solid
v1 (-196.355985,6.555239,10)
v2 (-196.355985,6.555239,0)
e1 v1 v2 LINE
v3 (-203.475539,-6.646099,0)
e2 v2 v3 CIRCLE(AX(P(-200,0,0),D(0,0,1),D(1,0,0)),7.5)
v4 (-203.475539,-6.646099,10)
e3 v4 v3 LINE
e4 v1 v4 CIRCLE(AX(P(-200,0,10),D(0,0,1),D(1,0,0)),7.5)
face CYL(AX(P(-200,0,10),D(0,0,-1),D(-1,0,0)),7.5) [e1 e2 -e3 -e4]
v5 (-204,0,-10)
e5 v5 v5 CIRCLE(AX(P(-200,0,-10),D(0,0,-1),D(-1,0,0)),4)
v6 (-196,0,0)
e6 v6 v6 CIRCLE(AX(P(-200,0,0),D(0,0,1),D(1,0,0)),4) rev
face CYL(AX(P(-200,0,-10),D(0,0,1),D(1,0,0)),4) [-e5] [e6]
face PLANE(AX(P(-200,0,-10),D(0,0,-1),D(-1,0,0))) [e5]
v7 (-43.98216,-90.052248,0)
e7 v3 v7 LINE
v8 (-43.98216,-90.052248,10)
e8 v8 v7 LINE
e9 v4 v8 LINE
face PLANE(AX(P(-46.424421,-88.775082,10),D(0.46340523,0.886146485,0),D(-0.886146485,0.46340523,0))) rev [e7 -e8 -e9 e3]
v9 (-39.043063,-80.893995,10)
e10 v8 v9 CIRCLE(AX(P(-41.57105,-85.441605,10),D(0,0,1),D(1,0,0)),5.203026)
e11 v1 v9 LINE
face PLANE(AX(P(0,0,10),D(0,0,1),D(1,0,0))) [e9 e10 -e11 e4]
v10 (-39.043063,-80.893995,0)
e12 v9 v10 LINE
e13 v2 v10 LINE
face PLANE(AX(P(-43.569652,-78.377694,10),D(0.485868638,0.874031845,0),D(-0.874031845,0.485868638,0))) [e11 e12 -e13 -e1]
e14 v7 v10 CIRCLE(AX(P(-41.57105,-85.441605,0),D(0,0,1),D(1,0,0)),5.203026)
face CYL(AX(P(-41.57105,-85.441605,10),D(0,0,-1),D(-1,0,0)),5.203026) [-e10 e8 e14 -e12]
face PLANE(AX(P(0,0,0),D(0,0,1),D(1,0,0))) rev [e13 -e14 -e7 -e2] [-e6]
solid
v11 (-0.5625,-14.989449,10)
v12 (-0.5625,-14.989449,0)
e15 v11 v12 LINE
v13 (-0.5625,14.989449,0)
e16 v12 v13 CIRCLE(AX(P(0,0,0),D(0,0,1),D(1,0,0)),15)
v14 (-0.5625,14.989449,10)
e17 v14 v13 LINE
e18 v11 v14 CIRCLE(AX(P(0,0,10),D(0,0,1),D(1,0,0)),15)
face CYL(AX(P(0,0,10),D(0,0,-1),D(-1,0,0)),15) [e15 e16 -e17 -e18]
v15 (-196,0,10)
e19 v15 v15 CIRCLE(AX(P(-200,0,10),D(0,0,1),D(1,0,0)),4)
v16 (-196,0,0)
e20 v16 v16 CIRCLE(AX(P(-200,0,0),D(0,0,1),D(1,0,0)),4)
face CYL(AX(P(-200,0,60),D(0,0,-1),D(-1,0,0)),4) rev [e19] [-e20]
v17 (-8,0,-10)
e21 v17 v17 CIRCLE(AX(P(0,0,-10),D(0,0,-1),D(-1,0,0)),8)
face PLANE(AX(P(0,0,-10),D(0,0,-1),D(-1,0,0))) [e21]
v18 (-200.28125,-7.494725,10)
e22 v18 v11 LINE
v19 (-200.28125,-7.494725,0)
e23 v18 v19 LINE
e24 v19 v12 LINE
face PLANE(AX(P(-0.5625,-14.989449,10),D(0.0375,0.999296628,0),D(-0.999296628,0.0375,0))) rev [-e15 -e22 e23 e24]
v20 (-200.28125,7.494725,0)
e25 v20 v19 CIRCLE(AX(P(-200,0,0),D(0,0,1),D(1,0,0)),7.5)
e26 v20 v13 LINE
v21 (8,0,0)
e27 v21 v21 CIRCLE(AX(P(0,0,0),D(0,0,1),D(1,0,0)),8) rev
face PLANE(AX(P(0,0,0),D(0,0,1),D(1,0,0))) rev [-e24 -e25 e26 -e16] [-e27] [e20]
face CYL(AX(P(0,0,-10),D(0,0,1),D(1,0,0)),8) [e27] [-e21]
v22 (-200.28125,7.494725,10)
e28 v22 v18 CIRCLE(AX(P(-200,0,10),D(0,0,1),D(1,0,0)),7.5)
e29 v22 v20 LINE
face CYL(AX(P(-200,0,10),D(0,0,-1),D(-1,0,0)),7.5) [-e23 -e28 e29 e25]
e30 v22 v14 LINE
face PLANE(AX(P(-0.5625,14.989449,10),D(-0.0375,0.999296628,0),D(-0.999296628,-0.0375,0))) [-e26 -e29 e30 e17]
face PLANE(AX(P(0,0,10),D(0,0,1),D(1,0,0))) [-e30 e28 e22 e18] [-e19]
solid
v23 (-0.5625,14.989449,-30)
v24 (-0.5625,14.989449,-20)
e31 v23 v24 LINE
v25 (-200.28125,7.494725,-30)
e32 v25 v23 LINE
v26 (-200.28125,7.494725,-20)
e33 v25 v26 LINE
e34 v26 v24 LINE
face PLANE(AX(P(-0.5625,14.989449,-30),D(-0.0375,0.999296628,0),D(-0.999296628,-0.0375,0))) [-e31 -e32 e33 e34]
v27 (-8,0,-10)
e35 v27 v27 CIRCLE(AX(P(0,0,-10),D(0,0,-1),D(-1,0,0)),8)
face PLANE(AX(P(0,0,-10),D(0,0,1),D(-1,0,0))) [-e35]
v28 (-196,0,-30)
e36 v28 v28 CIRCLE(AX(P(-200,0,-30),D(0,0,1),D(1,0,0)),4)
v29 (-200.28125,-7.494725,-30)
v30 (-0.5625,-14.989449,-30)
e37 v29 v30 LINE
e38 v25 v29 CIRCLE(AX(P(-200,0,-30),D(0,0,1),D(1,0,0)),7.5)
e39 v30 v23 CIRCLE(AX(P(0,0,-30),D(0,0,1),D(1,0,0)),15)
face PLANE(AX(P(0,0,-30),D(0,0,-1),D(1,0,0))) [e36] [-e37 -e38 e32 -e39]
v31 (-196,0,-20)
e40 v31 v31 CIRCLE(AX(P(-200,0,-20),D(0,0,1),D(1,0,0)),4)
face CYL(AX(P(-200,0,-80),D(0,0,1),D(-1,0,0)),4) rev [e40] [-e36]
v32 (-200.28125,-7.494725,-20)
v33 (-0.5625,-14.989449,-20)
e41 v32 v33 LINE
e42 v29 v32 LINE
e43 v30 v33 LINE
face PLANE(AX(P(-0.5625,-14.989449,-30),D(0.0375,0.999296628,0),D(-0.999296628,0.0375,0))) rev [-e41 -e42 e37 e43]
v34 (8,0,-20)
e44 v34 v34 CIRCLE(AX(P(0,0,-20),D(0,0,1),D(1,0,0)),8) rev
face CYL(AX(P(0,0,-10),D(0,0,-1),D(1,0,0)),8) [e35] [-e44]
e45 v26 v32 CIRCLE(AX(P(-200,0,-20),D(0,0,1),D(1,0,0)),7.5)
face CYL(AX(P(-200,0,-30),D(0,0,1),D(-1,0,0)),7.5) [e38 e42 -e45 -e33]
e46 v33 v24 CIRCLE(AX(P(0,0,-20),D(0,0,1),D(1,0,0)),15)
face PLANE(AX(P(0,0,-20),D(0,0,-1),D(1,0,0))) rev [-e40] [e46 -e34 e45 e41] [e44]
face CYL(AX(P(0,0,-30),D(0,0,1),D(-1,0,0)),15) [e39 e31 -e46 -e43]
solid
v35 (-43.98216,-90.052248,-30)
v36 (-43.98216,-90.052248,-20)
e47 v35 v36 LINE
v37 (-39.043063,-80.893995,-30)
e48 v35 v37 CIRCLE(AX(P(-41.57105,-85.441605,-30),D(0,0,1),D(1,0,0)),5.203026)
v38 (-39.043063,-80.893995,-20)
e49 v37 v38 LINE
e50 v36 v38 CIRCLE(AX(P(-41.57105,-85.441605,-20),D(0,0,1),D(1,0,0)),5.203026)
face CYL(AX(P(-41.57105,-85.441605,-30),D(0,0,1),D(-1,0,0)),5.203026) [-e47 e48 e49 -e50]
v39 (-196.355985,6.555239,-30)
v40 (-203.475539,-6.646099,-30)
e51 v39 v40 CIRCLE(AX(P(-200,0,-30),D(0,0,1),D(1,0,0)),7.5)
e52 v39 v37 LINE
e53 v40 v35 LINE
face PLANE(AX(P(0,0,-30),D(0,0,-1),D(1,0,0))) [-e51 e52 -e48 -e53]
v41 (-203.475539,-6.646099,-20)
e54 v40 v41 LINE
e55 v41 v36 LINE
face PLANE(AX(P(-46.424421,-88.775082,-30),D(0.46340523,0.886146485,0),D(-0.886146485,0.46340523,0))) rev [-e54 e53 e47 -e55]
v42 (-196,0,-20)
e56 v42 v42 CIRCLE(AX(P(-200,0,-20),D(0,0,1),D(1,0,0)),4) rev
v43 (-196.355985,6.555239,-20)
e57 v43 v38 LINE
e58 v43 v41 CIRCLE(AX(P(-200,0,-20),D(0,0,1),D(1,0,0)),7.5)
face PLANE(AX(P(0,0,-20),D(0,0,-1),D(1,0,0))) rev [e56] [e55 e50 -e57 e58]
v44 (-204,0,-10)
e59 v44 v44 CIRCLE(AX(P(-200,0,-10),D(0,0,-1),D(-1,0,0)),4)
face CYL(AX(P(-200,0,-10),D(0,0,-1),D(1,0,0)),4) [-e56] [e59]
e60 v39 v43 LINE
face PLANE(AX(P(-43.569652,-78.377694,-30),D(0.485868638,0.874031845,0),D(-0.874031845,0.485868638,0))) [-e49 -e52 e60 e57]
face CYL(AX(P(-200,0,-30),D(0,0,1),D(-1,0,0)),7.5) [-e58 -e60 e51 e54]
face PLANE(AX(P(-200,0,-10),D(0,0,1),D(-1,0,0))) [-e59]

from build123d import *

# Parameters (mm, degrees)
SKETCH1_R           = 15
SKETCH1_R_2         = 7.5
BOSS_EXTRUDE1_DEPTH = 10
SKETCH1_3_R         = 7.5
SKETCH1_3_R_2       = 5.203025773
BOSS_EXTRUDE2_DEPTH = 10
SKETCH2_R           = 8
BOSS_EXTRUDE3_DEPTH = 10
SKETCH3_R           = 4
BOSS_EXTRUDE4_DEPTH = 10
SKETCH4_R           = 4
CUT_EXTRUDE1_DEPTH  = 70


with BuildPart() as part:
    # Sketch1 → Boss-Extrude1 (new body)
    with BuildSketch(Plane.XY):
        with BuildLine():
            Line((-0.5625, 14.989449415), (-200.28125, 7.494724707))
            ThreePointArc((-200.28125, 7.494724707), (-198.25423221, 7.293990322), (-196.355985213, 6.555238839))
            Line((-196.355985213, 6.555238839), (-168.967549637, -8.669814997))
            Line((-168.967549637, -8.669814997), (-0.5625, -14.989449415))
            ThreePointArc((-0.5625, -14.989449415), (-15, 0), (-0.5625, 14.989449415))
        make_face()
        Circle(SKETCH1_R)
        with Locations((-200, 0)):
            Circle(SKETCH1_R_2)
        with BuildLine():
            Line((-168.967549637, -8.669814997), (-196.355985213, 6.555238839))
            ThreePointArc((-196.355985213, 6.555238839), (-193.535477168, 3.802623377), (-192.5, 0))
            ThreePointArc((-192.5, 0), (-194.797086153, -5.401822609), (-200.28125, -7.494724707))
            Line((-200.28125, -7.494724707), (-168.967549637, -8.669814997))
        make_face()
    extrude(amount=BOSS_EXTRUDE1_DEPTH)

    # Sketch2 → Boss-Extrude3 (add)
    with BuildSketch(Plane(origin=(0, 0, 0), x_dir=(-1, 0, 0), z_dir=(0, 0, -1))):
        with Locations(Location((0, 0, 0), (0, 0, 180))):
            Circle(SKETCH2_R)
    extrude(amount=BOSS_EXTRUDE3_DEPTH)

    # Sketch4 → Cut-Extrude1 (cut)
    with BuildSketch(Plane(origin=(0, 0, -10), x_dir=(-1, 0, 0), z_dir=(0, 0, -1))):
        with Locations(Location((200, 0, 0), (0, 0, 180))):
            Circle(SKETCH4_R)
    extrude(amount=-CUT_EXTRUDE1_DEPTH, mode=Mode.SUBTRACT)


with BuildPart() as body_2:
    # Sketch1<3> → Boss-Extrude2 (new body)
    with BuildSketch(Plane.XY):
        with BuildLine():
            ThreePointArc((-200.28125, -7.494724707), (-201.925722688, -7.248557934), (-203.475539225, -6.646098637))
            Line((-203.475539225, -6.646098637), (-43.982159648, -90.052248175))
            ThreePointArc((-43.982159648, -90.052248175), (-46.150549785, -82.971855876), (-39.043063246, -80.893994958))
            Line((-39.043063246, -80.893994958), (-168.967549637, -8.669814997))
            Line((-168.967549637, -8.669814997), (-200.28125, -7.494724707))
        make_face()
        with Locations((-200, 0)):
            Circle(SKETCH1_3_R)
        with BuildLine():
            Line((-168.967549637, -8.669814997), (-196.355985213, 6.555238839))
            ThreePointArc((-196.355985213, 6.555238839), (-193.535477168, 3.802623377), (-192.5, 0))
            ThreePointArc((-192.5, 0), (-194.797086153, -5.401822609), (-200.28125, -7.494724707))
            Line((-200.28125, -7.494724707), (-168.967549637, -8.669814997))
        make_face()
        with Locations((-41.571050293, -85.441605175)):
            Circle(SKETCH1_3_R_2)
    extrude(amount=BOSS_EXTRUDE2_DEPTH)

    # Sketch3 → Boss-Extrude4 (add)
    with BuildSketch(Plane(origin=(0, 0, 0), x_dir=(-1, 0, 0), z_dir=(0, 0, -1))):
        with Locations(Location((200, 0, 0), (0, 0, 180))):
            Circle(SKETCH3_R)
    extrude(amount=BOSS_EXTRUDE4_DEPTH)


with BuildPart() as body_3:
    # Mirror1: mirrored copy
    add(body_2.part.mirror(Plane(origin=(0, 0, -10), x_dir=(1, 0, 0), z_dir=(0, 0, -1))))


with BuildPart() as body_4:
    # Mirror1 2: mirrored copy
    add(part.part.mirror(Plane(origin=(0, 0, -10), x_dir=(1, 0, 0), z_dir=(0, 0, -1))))


solid = Compound([part.part, body_2.part, body_3.part, body_4.part])
